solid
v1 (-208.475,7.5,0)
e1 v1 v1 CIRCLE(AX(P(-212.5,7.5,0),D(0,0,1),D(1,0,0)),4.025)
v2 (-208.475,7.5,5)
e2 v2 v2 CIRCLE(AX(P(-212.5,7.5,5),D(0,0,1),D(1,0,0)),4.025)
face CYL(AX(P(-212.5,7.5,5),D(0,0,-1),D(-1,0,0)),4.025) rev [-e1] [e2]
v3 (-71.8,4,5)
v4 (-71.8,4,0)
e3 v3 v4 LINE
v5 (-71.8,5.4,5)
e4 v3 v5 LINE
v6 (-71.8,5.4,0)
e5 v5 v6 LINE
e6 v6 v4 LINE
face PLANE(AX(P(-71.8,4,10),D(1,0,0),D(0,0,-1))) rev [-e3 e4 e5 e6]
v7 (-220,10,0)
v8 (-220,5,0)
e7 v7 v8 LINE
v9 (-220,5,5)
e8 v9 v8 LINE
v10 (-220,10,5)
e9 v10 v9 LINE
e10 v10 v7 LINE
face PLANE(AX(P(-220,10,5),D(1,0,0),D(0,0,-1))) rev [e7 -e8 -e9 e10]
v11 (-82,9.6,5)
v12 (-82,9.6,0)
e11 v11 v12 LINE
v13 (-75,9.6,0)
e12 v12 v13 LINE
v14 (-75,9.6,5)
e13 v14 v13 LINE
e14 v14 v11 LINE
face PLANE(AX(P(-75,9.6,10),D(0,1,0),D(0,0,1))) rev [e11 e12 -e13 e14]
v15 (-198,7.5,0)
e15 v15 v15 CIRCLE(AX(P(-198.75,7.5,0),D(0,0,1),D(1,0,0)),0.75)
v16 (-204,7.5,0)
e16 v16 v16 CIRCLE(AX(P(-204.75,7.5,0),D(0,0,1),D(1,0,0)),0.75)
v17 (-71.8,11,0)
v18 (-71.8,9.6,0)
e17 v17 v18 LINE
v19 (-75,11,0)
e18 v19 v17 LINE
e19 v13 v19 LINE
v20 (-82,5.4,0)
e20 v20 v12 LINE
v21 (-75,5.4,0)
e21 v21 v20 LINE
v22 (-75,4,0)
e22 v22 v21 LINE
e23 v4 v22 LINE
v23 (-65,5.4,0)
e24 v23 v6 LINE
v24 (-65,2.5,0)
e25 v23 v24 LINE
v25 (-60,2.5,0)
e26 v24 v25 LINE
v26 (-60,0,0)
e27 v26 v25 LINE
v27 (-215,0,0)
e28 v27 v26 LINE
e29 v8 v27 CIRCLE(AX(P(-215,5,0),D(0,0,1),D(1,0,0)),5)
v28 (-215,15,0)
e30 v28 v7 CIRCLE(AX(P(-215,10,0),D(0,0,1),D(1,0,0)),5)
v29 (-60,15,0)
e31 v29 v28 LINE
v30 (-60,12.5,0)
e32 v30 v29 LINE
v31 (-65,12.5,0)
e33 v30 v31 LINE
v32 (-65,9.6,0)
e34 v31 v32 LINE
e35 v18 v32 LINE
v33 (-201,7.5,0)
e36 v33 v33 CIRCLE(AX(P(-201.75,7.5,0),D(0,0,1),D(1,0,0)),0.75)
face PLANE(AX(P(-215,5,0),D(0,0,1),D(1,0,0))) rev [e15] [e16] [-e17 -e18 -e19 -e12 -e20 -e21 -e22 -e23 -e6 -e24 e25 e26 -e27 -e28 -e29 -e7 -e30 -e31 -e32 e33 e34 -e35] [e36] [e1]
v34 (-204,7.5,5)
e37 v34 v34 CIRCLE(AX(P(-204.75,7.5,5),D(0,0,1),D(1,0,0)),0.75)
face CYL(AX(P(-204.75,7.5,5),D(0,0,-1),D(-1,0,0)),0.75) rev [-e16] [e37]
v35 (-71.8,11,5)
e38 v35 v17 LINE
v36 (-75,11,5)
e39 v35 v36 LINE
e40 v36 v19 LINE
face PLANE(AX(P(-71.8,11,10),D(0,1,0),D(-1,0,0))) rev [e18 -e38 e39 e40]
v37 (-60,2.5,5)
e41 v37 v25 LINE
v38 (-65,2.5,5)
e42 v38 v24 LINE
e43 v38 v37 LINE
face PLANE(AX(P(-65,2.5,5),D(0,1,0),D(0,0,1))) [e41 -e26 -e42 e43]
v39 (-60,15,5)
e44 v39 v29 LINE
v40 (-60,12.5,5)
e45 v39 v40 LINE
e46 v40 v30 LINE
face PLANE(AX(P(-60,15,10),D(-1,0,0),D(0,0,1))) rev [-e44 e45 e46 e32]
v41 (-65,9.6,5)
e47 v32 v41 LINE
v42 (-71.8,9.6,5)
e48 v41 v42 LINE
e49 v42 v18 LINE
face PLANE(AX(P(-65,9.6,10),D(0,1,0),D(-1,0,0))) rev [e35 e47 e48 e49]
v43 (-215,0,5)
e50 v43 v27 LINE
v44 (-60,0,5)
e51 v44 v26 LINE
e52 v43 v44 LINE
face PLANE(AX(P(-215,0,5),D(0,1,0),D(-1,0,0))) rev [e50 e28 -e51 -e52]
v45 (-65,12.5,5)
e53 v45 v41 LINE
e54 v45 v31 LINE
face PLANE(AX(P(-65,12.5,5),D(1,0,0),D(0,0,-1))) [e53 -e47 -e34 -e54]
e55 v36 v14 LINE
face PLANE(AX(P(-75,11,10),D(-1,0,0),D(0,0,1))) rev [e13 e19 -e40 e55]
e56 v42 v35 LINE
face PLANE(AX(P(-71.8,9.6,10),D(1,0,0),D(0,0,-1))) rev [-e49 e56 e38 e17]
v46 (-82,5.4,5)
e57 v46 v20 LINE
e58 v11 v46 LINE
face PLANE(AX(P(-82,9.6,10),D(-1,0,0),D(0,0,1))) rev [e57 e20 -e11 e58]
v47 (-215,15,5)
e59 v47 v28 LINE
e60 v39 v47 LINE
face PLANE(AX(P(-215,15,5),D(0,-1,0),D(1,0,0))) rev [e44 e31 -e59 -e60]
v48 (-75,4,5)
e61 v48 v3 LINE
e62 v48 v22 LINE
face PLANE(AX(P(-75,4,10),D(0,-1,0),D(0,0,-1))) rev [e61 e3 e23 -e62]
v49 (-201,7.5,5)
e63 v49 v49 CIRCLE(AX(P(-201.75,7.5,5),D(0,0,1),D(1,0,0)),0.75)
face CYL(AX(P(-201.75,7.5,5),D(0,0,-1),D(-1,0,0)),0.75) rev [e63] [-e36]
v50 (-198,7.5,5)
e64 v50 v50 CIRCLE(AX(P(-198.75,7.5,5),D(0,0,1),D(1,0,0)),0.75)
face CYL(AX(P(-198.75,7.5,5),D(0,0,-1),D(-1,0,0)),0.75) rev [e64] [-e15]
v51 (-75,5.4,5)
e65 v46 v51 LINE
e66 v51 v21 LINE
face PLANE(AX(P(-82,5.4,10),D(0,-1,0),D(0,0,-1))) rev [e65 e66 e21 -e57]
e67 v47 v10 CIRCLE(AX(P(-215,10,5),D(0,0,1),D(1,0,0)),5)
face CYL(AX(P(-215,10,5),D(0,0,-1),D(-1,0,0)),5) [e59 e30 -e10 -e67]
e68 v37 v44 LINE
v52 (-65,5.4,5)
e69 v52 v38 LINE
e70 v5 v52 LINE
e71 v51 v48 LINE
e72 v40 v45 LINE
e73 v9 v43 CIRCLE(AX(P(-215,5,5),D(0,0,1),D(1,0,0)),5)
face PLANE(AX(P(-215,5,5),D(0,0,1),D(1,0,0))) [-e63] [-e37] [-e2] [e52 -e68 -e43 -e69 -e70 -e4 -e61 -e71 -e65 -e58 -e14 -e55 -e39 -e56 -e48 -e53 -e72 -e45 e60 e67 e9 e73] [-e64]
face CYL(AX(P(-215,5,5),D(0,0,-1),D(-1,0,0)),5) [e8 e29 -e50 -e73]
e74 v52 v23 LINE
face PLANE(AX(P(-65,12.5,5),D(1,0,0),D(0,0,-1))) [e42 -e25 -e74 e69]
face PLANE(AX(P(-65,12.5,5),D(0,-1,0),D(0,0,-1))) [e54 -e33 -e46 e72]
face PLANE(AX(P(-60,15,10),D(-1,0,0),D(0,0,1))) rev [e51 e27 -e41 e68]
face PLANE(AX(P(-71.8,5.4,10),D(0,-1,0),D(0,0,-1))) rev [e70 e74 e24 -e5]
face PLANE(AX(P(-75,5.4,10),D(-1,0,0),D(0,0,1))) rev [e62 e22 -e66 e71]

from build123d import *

# Parameters (mm, degrees)
SKETCH1_R           = 4.025
SKETCH1_R_2         = 0.75
SKETCH1_W           = 5
SKETCH1_H           = 10
BOSS_EXTRUDE1_DEPTH = 5
CUT_EXTRUDE1_DEPTH  = 10
CUT_EXTRUDE2_DEPTH  = 10


with BuildPart() as part:
    # Sketch1 → Boss-Extrude1 (new body)
    with BuildSketch(Plane.XY):
        with BuildLine():
            Line((-215, 15), (-60, 15))
            ThreePointArc((-60, 15), (-56.464466094, 13.535533906), (-55, 10))
            Line((-55, 10), (-55, 5))
            ThreePointArc((-55, 5), (-56.464466094, 1.464466094), (-60, 0))
            Line((-60, 0), (-215, 0))
            ThreePointArc((-215, 0), (-218.535533906, 1.464466094), (-220, 5))
            Line((-220, 5), (-220, 10))
            ThreePointArc((-220, 10), (-218.535533906, 13.535533906), (-215, 15))
        make_face()
        with Locations((-212.5, 7.5)):
            Circle(SKETCH1_R, mode=Mode.SUBTRACT)
        with Locations((-204.75, 7.5)):
            Circle(SKETCH1_R_2, mode=Mode.SUBTRACT)
        with Locations((-201.75, 7.5)):
            Circle(SKETCH1_R_2, mode=Mode.SUBTRACT)
        with Locations((-198.75, 7.5)):
            Circle(SKETCH1_R_2, mode=Mode.SUBTRACT)
        with Locations((-62.5, 7.5)):
            Rectangle(SKETCH1_W, SKETCH1_H, mode=Mode.SUBTRACT)
    extrude(amount=BOSS_EXTRUDE1_DEPTH)

    # Sketch2 → Cut-Extrude1 (cut)
    with BuildSketch(Plane(origin=(0, 0, 0), x_dir=(-1, 0, 0), z_dir=(0, 0, -1))):
        Polygon((65, 9.6), (71.8, 9.6), (71.8, 11), (75, 11), (75, 9.6), (82, 9.6), (82, 5.4), (75, 5.4), (75, 4), (71.8, 4), (71.8, 5.4), (65, 5.4), align=None)
    extrude(amount=-CUT_EXTRUDE1_DEPTH, mode=Mode.SUBTRACT)

    # Sketch3 → Cut-Extrude2 (cut)
    with BuildSketch(Plane(origin=(0, 0, 0), x_dir=(-1, 0, 0), z_dir=(0, 0, -1))):
        with BuildLine():
            Line((60, 15), (60, 0))
            ThreePointArc((60, 0), (56.464466094, 1.464466094), (55, 5))
            Line((55, 5), (55, 10))
            ThreePointArc((55, 10), (56.464466094, 13.535533906), (60, 15))
        make_face()
    extrude(amount=-CUT_EXTRUDE2_DEPTH, mode=Mode.SUBTRACT)


solid = part.part
